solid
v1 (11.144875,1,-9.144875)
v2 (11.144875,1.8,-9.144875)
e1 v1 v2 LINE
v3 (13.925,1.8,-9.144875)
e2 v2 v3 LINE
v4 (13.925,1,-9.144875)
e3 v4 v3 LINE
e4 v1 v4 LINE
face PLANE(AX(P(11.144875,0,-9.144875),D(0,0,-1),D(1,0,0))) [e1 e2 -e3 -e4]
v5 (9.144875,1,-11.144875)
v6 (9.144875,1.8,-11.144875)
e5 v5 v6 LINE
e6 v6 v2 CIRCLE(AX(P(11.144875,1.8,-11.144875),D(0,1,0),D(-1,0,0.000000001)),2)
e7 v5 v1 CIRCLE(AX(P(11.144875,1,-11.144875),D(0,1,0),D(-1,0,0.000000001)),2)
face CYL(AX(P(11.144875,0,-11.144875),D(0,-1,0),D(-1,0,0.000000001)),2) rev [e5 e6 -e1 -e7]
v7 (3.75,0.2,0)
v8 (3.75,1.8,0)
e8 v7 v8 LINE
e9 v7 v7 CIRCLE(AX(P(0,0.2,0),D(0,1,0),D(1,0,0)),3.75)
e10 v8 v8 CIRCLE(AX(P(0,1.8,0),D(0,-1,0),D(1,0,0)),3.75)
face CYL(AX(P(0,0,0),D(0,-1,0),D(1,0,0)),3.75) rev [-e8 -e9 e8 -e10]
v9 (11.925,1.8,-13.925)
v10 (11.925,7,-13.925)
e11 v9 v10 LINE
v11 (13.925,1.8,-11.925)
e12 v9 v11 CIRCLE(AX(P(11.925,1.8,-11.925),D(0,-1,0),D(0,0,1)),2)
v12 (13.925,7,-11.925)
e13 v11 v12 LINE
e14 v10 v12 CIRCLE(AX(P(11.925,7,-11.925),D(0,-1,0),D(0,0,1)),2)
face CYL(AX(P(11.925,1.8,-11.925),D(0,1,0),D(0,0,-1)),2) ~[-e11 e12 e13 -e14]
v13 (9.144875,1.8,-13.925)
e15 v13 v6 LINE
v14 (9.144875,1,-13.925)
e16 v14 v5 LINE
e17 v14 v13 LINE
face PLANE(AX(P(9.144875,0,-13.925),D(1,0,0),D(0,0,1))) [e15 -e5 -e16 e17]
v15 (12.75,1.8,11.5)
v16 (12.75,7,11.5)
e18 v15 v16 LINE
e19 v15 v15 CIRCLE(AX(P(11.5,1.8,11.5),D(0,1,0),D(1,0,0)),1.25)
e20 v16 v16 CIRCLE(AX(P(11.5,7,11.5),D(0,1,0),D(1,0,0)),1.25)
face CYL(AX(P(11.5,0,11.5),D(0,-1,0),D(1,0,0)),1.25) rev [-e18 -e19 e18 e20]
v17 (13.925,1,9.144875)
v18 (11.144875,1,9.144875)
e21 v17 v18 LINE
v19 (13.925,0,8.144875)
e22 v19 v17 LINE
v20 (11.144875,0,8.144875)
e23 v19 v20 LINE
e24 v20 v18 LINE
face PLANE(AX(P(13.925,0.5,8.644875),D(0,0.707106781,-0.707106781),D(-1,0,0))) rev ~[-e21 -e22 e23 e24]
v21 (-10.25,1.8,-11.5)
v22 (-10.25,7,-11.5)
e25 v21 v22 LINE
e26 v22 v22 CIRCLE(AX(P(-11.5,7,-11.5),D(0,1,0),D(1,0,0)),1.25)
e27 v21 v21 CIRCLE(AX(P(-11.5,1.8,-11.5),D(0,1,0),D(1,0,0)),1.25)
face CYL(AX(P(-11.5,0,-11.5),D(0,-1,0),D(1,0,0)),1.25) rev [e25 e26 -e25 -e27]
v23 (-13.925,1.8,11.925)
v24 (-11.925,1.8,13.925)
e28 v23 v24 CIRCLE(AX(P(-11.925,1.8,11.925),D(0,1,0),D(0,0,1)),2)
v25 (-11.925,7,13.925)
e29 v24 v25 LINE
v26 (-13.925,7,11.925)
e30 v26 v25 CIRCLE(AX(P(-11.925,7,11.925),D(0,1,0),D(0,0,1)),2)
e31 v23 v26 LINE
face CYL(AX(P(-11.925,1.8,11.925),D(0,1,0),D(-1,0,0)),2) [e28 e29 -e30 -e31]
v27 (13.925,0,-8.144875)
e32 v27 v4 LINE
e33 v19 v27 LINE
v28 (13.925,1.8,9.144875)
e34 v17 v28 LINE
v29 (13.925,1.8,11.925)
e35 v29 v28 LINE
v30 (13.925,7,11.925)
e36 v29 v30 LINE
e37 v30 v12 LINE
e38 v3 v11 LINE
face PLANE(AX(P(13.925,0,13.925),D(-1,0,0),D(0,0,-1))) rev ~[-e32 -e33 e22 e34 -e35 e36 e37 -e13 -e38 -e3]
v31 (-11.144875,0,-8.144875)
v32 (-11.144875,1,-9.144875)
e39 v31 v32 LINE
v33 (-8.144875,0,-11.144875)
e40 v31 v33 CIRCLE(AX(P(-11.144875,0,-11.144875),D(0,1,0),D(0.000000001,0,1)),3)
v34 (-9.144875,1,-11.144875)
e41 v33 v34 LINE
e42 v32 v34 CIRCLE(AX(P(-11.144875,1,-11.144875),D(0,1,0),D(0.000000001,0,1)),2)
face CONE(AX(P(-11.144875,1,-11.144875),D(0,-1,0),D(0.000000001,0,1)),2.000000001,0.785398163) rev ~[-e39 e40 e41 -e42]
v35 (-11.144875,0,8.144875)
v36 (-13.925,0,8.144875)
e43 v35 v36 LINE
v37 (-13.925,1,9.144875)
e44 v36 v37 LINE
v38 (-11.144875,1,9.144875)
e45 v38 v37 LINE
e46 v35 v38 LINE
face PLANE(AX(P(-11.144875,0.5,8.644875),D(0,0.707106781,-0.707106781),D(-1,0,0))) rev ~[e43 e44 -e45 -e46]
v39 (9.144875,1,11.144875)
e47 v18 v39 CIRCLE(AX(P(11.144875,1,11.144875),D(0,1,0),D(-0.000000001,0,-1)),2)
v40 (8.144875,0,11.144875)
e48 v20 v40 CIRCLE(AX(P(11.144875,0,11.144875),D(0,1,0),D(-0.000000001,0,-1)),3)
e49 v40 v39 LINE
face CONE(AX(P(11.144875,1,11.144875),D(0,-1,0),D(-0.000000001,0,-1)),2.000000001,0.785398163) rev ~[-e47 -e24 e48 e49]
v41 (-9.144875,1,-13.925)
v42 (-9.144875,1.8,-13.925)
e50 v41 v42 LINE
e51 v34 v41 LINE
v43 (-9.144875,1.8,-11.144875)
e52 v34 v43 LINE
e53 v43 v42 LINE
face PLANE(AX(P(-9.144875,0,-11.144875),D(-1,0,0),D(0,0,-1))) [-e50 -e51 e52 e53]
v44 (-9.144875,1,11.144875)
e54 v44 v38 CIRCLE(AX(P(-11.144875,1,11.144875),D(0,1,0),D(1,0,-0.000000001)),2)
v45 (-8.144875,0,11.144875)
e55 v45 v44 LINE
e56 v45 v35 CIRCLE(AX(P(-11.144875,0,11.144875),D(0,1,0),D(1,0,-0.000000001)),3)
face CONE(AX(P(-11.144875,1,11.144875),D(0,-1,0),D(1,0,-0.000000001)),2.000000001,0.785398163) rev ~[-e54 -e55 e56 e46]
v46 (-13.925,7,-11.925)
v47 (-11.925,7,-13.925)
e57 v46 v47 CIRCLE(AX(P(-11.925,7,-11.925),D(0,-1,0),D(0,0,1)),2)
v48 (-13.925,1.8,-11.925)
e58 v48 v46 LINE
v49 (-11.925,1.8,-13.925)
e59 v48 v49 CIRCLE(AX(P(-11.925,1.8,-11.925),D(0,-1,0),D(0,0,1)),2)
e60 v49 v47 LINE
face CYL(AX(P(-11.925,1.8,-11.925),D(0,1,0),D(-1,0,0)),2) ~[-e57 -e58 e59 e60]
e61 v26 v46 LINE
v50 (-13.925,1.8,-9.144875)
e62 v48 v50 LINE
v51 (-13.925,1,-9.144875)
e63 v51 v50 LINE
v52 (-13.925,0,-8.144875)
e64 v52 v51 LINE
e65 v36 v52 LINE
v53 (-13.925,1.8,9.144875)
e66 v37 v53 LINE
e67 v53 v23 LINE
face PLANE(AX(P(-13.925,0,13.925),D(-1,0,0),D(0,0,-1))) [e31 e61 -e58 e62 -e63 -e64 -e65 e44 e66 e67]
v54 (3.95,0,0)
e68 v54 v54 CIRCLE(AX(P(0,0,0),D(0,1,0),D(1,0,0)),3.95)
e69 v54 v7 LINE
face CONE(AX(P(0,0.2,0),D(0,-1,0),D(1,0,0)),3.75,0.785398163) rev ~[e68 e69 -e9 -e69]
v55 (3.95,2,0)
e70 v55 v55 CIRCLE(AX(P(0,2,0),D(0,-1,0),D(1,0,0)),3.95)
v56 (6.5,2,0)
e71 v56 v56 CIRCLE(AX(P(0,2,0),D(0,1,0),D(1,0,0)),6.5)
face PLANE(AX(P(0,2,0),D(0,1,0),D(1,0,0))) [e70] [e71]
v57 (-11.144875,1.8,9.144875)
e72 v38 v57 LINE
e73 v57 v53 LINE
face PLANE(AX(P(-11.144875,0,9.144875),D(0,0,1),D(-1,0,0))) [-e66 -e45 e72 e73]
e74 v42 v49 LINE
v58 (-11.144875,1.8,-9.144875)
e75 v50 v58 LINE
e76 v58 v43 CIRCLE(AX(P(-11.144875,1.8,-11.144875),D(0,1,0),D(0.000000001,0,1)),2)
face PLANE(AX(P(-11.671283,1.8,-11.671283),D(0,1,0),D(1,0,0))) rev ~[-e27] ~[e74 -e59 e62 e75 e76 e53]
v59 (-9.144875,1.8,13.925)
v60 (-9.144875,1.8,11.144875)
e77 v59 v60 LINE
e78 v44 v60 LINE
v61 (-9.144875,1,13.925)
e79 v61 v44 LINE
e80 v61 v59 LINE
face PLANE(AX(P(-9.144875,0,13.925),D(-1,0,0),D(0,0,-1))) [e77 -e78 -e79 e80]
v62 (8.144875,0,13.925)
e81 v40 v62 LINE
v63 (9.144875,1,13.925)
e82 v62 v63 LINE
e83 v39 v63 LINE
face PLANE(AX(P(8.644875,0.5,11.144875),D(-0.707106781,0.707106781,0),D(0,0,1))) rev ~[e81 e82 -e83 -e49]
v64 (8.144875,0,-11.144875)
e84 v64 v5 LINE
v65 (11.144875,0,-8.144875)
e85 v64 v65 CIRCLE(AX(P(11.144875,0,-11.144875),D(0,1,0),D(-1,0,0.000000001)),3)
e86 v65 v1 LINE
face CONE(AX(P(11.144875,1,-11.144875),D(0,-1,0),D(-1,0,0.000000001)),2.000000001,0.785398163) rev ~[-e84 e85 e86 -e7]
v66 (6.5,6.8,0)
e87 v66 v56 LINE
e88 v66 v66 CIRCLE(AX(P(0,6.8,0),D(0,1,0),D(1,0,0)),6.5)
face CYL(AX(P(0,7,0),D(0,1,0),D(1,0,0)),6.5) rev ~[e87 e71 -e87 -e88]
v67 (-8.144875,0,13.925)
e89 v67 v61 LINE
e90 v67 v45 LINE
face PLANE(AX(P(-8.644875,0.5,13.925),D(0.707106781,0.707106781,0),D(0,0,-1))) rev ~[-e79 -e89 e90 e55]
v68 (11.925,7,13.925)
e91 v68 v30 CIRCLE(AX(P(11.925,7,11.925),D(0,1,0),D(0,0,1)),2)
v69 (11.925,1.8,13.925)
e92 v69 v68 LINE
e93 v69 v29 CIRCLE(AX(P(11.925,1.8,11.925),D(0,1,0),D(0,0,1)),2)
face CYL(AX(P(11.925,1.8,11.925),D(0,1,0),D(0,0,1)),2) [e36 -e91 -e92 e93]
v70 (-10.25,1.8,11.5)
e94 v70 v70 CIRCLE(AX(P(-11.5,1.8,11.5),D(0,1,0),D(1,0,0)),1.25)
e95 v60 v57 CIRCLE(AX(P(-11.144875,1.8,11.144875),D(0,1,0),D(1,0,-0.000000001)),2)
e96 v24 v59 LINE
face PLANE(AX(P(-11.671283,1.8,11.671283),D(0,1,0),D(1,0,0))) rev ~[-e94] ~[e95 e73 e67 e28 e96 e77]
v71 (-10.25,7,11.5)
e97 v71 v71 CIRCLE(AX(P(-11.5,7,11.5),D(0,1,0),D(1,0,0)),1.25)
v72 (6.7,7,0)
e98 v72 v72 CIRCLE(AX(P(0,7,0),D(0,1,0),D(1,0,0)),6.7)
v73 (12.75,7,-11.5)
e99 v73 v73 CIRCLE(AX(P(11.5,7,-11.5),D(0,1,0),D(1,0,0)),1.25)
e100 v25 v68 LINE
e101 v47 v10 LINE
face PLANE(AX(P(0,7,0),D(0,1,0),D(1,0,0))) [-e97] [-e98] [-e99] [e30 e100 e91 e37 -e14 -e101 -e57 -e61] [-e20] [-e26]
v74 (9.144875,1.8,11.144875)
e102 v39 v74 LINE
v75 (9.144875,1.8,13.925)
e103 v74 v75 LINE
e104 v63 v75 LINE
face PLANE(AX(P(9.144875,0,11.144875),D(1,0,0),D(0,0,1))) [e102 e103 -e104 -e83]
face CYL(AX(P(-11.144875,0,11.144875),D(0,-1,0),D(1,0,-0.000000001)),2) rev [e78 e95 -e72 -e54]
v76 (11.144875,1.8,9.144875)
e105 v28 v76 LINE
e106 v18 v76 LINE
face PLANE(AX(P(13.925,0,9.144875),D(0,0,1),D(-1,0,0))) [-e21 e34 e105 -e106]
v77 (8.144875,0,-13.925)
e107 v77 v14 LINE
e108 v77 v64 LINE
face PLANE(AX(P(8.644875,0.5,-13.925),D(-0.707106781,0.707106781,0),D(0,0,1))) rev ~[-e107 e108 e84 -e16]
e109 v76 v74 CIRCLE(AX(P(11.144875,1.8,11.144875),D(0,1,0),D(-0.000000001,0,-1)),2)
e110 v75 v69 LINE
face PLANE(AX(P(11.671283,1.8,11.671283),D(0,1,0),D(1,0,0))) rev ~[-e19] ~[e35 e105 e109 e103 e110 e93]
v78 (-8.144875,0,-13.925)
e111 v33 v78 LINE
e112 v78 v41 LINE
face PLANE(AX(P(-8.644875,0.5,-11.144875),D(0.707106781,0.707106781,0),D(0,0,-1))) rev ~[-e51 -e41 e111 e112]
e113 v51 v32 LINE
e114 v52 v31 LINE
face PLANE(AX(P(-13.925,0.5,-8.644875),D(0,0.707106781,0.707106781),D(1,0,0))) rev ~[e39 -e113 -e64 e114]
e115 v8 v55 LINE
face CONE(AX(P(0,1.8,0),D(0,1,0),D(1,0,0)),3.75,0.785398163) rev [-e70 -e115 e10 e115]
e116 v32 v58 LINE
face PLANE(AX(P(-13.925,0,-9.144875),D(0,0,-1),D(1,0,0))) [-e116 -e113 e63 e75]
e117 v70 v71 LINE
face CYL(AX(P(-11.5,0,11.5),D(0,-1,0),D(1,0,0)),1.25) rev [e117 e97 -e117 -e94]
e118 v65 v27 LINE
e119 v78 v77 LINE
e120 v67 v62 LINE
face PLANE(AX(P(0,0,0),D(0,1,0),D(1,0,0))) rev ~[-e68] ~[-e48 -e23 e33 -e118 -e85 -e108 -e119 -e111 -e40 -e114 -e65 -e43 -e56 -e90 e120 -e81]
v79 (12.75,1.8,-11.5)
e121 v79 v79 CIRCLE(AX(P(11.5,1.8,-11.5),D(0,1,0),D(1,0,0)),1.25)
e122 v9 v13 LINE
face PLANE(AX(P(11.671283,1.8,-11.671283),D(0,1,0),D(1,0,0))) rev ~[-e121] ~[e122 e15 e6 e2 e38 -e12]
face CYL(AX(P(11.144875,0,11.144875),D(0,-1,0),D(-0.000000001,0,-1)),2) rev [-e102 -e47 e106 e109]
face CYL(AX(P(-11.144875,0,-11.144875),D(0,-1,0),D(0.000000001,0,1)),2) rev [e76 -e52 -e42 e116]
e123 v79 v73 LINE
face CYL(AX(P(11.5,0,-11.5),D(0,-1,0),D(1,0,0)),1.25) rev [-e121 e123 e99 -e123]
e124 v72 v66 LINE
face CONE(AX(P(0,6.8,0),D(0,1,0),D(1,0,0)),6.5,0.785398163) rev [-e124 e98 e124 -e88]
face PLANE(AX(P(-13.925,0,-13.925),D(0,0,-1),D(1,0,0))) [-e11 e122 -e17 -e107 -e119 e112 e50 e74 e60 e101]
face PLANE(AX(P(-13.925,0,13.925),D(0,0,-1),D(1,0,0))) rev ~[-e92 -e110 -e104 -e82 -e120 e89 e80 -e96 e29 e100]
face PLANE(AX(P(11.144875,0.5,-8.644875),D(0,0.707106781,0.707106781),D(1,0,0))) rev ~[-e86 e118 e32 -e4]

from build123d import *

# Parameters (mm, degrees)
SKETCH_1_W          = 27.85
SKETCH_1_H          = 27.85
SKETCH_1_R          = 1.25
SKETCH_1_R_2        = 3.75
EXTRUDE_1_DEPTH     = 7
SKETCH_1_4_R        = 1.25
CUT_EXTRUDE_1_DEPTH = 1.8
CHAMFER_1_SIZE      = 1
FILLET_1_R          = 2
SKETCH_3_R          = 6.5
CUT_EXTRUDE_2_DEPTH = 5
CHAMFER_2_SIZE      = 0.2


with BuildPart() as part:
    # Эскиз1 → Бобышка-Вытянуть1 (new body)
    with BuildSketch(Plane(origin=(0, 0, 0), x_dir=(1, 0, 0), z_dir=(0, 1, 0))):
        Rectangle(SKETCH_1_W, SKETCH_1_H)
        with Locations((-11.5, 11.5)):
            Circle(SKETCH_1_R, mode=Mode.SUBTRACT)
        Circle(SKETCH_1_R_2, mode=Mode.SUBTRACT)
        with Locations((11.5, 11.5)):
            Circle(SKETCH_1_R, mode=Mode.SUBTRACT)
        with Locations((11.5, -11.5)):
            Circle(SKETCH_1_R, mode=Mode.SUBTRACT)
        with Locations((-11.5, -11.5)):
            Circle(SKETCH_1_R, mode=Mode.SUBTRACT)
    extrude(amount=EXTRUDE_1_DEPTH)

    # Эскиз1<4> → Вырез-Вытянуть1 (cut)
    # profile 1 of 4: a face of its own
    with BuildSketch(Plane(origin=(0, 0, 0), x_dir=(1, 0, 0), z_dir=(0, 1, 0))):
        with BuildLine():
            Line((-9.144874717, 13.925), (-13.925, 13.925))
            Line((-13.925, 13.925), (-13.925, 9.144874717))
            Line((-13.925, 9.144874717), (-11.144874717, 9.144874717))
            ThreePointArc((-11.144874717, 9.144874717), (-9.730661155, 9.730661155), (-9.144874717, 11.144874717))
            Line((-9.144874717, 11.144874717), (-9.144874717, 13.925))
        make_face()
        with Locations((-11.5, 11.5)):
            Circle(SKETCH_1_4_R, mode=Mode.SUBTRACT)
    # profile 2 of 4: a face of its own
    with BuildSketch(Plane(origin=(0, 0, 0), x_dir=(1, 0, 0), z_dir=(0, 1, 0))):
        with BuildLine():
            Line((13.925, 13.925), (9.144874717, 13.925))
            Line((9.144874717, 13.925), (9.144874717, 11.144874717))
            ThreePointArc((9.144874717, 11.144874717), (9.730661155, 9.730661155), (11.144874717, 9.144874717))
            Line((11.144874717, 9.144874717), (13.925, 9.144874717))
            Line((13.925, 9.144874717), (13.925, 13.925))
        make_face()
        with Locations((11.5, 11.5)):
            Circle(SKETCH_1_4_R, mode=Mode.SUBTRACT)
    # profile 3 of 4: a face of its own
    with BuildSketch(Plane(origin=(0, 0, 0), x_dir=(1, 0, 0), z_dir=(0, 1, 0))):
        with BuildLine():
            Line((-11.144874717, -9.144874717), (-13.925, -9.144874717))
            Line((-13.925, -9.144874717), (-13.925, -13.925))
            Line((-13.925, -13.925), (-9.144874717, -13.925))
            Line((-9.144874717, -13.925), (-9.144874717, -11.144874717))
            ThreePointArc((-9.144874717, -11.144874717), (-9.730661155, -9.730661155), (-11.144874717, -9.144874717))
        make_face()
        with Locations((-11.5, -11.5)):
            Circle(SKETCH_1_4_R, mode=Mode.SUBTRACT)
    # profile 4 of 4: a face of its own
    with BuildSketch(Plane(origin=(0, 0, 0), x_dir=(1, 0, 0), z_dir=(0, 1, 0))):
        with BuildLine():
            Line((13.925, -13.925), (13.925, -9.144874717))
            Line((13.925, -9.144874717), (11.144874717, -9.144874717))
            ThreePointArc((11.144874717, -9.144874717), (9.730661155, -9.730661155), (9.144874717, -11.144874717))
            Line((9.144874717, -11.144874717), (9.144874717, -13.925))
            Line((9.144874717, -13.925), (13.925, -13.925))
        make_face()
        with Locations((11.5, -11.5)):
            Circle(SKETCH_1_4_R, mode=Mode.SUBTRACT)
    extrude(amount=CUT_EXTRUDE_1_DEPTH, mode=Mode.SUBTRACT)

    # Фаска1
    chamfer_1_edges = [part.edges().sort_by_distance(p)[0] for p in [
        (9.144874717, 0, 12.534937359),
        (9.730661155, 0, 9.730661155),
        (12.534937359, 0, 9.144874717),
        (12.534937359, 0, -9.144874717),
        (9.730661155, 0, -9.730661155),
        (9.144874717, 0, -12.534937359),
        (-12.534937359, 0, 9.144874717),
        (-9.144874717, 0, 12.534937359),
        (-9.730661155, 0, 9.730661155),
        (-9.144874717, 0, -12.534937359),
        (-12.534937359, 0, -9.144874717),
        (-9.730661155, 0, -9.730661155),
    ]]
    chamfer(chamfer_1_edges, length=CHAMFER_1_SIZE)

    # Скругление1
    fillet_1_edges = [part.edges().sort_by_distance(p)[0] for p in [
        (-13.925, 4.4, -13.925),
        (-13.925, 4.4, 13.925),
        (13.925, 4.4, 13.925),
        (13.925, 4.4, -13.925),
    ]]
    fillet(fillet_1_edges, radius=FILLET_1_R)

    # Эскиз3 → Вырез-Вытянуть2 (cut)
    with BuildSketch(Plane(origin=(0, 7, 0), x_dir=(1, 0, 0), z_dir=(0, 1, 0))):
        Circle(SKETCH_3_R)
    extrude(amount=-CUT_EXTRUDE_2_DEPTH, mode=Mode.SUBTRACT)

    # Фаска2
    chamfer_2_edges = [part.edges().sort_by_distance(p)[0] for p in [
        (-3.75, 2, 0),
        (-6.5, 7, 0),
        (-3.75, 0, 0),
    ]]
    chamfer(chamfer_2_edges, length=CHAMFER_2_SIZE)


solid = part.part
